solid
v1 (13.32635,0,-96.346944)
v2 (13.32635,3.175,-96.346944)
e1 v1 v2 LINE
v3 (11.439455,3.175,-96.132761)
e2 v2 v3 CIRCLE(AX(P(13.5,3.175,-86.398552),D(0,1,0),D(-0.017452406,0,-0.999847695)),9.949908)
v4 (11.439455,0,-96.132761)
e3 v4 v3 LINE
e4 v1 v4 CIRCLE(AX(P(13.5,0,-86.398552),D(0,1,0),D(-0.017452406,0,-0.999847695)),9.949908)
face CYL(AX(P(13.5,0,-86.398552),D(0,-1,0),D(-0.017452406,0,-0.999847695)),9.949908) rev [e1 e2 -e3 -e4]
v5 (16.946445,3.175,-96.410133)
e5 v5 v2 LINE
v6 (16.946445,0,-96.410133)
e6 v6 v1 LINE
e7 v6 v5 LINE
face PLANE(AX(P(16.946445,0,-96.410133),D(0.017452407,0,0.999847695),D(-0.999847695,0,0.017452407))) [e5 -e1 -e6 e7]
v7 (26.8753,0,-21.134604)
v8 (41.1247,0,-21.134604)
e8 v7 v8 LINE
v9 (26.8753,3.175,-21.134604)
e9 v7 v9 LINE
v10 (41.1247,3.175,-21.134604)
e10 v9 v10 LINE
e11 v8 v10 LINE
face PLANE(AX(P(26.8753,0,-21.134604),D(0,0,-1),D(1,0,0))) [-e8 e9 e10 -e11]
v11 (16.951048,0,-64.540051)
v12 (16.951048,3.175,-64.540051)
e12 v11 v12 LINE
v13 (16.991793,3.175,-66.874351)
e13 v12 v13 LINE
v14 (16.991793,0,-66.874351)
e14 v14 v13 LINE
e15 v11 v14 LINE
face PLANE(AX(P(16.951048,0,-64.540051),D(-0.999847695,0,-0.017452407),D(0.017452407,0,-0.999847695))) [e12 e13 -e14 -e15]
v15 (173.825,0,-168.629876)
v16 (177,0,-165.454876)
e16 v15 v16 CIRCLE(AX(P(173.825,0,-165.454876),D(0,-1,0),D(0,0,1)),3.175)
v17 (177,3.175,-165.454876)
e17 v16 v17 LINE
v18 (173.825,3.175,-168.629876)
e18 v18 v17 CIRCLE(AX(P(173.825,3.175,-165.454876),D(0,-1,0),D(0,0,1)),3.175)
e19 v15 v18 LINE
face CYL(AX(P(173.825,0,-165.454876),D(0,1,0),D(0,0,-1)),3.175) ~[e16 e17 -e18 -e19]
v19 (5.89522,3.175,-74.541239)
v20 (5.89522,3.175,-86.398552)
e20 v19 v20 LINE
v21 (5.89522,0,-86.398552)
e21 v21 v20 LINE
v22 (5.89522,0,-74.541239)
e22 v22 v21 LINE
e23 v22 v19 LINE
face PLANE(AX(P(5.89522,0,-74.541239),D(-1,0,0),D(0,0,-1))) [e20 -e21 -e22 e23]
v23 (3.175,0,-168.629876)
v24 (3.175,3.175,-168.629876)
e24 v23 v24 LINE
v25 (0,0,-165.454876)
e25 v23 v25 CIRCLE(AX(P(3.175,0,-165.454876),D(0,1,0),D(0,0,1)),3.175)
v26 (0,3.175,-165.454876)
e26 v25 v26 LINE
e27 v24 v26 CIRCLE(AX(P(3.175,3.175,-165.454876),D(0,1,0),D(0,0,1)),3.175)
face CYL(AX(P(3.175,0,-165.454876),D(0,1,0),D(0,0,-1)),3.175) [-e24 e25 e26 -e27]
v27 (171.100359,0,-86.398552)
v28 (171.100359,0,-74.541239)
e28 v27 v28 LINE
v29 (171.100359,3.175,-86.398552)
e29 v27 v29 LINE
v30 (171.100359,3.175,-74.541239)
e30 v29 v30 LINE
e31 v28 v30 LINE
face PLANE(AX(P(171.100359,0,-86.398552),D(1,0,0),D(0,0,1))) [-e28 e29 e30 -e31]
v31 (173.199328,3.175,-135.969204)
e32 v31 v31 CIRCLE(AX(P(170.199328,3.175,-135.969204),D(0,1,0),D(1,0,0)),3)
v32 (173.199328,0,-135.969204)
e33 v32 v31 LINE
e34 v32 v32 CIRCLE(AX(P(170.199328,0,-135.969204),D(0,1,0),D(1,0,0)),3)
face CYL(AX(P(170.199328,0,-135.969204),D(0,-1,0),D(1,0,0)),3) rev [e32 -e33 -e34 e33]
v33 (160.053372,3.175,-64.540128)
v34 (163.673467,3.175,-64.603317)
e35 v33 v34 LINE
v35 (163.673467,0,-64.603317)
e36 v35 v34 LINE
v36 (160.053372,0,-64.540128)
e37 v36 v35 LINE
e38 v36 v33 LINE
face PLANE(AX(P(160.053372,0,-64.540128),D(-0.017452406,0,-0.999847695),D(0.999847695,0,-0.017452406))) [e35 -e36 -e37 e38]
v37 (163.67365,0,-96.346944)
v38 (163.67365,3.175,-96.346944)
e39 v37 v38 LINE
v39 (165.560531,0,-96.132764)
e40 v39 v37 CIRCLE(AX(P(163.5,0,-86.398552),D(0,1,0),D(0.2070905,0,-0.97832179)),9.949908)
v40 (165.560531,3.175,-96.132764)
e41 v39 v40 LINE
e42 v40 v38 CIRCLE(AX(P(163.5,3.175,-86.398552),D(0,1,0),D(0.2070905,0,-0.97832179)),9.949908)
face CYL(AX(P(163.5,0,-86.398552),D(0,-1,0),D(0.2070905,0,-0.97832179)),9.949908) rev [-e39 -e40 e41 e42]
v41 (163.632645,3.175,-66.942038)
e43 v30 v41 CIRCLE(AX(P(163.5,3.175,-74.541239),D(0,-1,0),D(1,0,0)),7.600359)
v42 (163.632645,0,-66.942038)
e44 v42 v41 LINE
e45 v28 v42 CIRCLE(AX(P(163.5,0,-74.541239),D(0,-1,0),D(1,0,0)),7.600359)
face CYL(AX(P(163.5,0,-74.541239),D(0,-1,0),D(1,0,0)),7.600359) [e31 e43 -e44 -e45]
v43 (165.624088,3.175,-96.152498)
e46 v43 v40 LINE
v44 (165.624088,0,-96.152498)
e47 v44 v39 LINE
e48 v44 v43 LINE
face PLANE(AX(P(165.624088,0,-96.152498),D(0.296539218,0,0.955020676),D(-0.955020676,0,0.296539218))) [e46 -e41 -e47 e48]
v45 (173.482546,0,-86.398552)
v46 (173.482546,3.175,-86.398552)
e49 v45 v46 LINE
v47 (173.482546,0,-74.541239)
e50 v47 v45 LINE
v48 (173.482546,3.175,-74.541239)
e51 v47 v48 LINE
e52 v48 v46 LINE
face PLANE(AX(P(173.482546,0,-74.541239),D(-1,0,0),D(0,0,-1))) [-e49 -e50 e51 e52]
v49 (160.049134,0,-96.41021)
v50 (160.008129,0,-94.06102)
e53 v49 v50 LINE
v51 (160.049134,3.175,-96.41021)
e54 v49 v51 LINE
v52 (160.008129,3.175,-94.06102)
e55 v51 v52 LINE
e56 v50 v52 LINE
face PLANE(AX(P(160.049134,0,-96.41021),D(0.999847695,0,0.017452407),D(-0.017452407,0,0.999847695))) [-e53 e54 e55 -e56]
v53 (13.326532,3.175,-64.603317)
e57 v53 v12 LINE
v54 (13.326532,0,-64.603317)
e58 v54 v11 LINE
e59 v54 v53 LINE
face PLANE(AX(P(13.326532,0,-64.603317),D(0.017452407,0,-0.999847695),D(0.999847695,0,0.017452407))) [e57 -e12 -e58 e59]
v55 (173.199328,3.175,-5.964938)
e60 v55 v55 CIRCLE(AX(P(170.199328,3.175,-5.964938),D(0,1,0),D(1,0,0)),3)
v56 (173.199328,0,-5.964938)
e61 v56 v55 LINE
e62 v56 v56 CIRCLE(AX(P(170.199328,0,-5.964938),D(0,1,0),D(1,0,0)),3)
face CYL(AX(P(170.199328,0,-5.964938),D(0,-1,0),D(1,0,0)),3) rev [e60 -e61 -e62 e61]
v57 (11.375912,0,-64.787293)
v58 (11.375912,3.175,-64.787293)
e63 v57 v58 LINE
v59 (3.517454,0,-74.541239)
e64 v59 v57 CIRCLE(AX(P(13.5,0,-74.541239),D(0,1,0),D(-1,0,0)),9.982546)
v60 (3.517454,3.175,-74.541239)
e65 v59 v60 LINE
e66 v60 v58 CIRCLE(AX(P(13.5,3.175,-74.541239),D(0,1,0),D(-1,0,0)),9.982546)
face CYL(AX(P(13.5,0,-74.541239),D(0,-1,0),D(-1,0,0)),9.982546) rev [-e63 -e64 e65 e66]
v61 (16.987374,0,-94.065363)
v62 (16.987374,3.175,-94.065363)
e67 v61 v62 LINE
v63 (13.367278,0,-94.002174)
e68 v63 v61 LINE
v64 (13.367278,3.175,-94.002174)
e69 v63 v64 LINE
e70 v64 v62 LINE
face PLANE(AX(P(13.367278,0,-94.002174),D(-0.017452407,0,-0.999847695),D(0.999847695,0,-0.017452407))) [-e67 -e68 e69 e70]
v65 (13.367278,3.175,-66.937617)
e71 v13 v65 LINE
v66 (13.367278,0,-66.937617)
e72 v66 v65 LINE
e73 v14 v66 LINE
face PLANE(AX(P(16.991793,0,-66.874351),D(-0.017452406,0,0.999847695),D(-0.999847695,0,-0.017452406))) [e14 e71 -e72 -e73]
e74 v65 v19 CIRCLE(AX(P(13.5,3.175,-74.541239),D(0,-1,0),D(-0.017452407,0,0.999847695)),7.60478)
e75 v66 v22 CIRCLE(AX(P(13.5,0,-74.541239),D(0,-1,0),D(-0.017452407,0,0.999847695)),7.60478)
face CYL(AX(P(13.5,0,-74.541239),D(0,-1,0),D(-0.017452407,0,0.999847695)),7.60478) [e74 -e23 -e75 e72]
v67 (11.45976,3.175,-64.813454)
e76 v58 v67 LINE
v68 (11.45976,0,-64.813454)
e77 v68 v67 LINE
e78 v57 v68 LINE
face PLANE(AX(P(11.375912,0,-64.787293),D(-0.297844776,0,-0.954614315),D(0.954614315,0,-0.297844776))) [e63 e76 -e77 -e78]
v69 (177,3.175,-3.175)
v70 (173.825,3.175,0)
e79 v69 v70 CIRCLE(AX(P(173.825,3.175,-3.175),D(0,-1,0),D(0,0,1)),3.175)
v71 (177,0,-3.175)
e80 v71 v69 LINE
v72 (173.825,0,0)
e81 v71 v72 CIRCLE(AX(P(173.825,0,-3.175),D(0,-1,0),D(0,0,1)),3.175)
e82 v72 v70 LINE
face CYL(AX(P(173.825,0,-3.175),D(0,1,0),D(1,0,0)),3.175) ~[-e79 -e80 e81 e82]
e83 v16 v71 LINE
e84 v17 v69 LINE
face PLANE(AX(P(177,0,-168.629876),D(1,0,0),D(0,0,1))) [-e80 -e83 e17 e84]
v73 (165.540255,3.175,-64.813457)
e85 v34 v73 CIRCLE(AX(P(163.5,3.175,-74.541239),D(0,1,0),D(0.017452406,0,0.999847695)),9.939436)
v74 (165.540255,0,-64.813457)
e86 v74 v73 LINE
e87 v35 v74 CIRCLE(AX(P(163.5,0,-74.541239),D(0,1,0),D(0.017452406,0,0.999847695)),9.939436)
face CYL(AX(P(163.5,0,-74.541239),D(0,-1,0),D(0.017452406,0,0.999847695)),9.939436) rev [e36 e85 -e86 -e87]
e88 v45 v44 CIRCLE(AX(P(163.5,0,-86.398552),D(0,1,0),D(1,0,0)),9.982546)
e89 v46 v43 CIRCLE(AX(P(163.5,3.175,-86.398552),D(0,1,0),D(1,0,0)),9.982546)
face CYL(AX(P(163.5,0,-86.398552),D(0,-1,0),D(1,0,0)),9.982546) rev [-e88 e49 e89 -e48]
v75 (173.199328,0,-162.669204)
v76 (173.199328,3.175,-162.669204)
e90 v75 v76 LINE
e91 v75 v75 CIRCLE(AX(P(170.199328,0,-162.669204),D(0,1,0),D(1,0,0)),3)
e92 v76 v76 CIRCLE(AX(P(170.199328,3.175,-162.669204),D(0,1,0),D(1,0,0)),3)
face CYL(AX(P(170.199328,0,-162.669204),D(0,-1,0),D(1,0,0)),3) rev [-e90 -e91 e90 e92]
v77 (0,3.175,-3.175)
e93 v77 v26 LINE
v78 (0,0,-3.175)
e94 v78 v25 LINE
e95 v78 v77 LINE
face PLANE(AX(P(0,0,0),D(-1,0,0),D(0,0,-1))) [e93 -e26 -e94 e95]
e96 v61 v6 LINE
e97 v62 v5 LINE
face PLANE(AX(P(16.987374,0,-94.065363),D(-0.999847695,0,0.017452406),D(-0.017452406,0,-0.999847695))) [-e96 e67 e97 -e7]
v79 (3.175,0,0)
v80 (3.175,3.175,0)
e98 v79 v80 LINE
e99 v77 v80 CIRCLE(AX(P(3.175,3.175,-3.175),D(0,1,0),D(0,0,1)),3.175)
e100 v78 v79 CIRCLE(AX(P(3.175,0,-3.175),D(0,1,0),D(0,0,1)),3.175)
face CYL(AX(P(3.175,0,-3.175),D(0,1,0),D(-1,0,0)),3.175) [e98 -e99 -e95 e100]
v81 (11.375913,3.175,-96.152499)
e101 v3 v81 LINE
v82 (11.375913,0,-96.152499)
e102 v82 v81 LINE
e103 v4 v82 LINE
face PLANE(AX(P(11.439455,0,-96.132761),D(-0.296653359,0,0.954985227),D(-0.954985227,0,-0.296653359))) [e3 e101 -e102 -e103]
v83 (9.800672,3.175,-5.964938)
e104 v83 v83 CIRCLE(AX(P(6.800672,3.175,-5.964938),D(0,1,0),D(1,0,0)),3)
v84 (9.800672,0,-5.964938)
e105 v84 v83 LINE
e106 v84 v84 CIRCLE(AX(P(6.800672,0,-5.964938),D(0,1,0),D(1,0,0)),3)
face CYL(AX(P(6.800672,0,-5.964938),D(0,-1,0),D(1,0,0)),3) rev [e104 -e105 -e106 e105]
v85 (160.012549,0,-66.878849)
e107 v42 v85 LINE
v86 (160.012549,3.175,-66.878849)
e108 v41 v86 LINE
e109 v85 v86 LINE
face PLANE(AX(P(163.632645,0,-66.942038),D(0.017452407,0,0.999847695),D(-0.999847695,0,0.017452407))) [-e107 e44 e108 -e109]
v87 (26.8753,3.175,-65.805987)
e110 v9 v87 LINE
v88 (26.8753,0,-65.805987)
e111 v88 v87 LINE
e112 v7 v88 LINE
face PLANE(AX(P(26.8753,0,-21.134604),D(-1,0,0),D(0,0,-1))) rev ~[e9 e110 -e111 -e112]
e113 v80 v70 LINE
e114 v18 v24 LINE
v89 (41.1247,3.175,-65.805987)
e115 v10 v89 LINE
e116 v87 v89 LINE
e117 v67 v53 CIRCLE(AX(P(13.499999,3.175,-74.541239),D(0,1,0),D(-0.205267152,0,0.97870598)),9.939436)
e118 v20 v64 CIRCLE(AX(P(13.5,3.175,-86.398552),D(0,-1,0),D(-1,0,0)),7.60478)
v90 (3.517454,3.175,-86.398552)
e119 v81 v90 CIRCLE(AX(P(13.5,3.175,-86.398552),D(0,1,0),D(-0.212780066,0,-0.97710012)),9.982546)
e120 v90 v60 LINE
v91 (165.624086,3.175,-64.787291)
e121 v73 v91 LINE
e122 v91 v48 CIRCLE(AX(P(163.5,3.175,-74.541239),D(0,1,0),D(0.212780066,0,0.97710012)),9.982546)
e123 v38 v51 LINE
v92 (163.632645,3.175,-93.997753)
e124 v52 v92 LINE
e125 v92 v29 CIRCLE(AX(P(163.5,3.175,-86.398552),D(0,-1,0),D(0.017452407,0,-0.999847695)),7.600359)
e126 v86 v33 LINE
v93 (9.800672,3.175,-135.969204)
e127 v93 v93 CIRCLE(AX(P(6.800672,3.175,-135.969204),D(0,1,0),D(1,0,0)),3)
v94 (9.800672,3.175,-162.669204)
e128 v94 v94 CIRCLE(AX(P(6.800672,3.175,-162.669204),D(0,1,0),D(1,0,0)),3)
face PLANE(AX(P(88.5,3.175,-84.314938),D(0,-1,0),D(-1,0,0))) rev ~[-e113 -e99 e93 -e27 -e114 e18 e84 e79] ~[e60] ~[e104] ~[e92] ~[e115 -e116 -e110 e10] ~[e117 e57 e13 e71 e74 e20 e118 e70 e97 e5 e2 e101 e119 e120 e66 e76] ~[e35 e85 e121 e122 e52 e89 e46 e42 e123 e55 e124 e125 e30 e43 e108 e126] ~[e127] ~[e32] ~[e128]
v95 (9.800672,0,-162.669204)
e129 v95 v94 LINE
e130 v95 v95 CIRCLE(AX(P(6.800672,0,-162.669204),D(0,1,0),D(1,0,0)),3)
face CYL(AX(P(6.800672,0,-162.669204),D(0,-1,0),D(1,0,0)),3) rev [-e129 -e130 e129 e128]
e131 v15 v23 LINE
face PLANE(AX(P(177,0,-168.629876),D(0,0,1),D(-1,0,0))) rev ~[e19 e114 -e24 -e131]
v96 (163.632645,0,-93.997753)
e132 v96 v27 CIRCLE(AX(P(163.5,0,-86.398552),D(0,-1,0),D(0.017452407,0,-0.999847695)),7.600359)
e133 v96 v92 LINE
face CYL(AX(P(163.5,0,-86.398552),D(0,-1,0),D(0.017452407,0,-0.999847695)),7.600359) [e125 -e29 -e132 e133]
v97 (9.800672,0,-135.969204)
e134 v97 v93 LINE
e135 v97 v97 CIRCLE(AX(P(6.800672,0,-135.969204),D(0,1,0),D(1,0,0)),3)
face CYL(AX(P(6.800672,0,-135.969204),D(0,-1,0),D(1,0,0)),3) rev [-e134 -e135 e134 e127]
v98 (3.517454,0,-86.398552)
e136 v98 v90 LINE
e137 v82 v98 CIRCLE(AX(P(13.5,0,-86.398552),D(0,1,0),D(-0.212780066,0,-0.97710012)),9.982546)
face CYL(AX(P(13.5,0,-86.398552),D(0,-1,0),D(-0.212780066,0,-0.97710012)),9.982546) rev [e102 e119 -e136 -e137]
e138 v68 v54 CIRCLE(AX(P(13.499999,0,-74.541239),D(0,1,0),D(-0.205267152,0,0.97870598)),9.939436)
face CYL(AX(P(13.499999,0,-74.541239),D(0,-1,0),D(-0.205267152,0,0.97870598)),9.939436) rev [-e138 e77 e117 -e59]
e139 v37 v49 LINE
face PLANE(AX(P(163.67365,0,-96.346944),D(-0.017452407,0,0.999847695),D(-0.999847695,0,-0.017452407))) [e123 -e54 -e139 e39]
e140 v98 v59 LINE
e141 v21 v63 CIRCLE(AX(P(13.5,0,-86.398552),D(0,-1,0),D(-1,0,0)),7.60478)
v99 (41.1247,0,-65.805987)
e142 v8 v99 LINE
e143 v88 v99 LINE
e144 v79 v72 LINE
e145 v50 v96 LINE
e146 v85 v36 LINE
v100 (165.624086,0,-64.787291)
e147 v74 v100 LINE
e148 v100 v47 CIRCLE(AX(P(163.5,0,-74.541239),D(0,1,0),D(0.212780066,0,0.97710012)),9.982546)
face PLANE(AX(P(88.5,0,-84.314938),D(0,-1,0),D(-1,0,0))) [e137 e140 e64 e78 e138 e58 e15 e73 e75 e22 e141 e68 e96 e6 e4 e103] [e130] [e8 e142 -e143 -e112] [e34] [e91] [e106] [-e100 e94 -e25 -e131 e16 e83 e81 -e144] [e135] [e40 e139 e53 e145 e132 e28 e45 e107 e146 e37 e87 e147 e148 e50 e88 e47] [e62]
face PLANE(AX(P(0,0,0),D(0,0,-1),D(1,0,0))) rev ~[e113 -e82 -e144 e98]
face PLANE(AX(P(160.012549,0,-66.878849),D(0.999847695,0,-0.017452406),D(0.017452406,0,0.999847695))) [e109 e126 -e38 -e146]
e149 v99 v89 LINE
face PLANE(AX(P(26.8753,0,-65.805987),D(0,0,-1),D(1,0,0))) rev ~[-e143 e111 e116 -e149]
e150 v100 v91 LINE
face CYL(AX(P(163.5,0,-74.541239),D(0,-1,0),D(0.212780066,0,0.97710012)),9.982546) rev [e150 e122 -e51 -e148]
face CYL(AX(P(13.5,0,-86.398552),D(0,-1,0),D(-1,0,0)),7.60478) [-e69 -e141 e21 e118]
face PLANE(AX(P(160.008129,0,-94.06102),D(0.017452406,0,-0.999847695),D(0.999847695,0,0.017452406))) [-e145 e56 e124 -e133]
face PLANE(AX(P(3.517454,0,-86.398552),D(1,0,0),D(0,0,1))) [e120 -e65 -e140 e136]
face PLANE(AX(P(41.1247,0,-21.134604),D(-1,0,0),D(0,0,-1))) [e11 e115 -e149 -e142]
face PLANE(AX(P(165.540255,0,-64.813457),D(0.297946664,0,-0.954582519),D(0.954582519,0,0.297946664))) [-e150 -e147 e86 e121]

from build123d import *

# Parameters (mm, degrees)
SKETCH1_R           = 3
SKETCH1_W           = 14.2494
SKETCH1_H           = 44.671382498
BOSS_EXTRUDE1_DEPTH = 3.175
FILLET1_R           = 3.175


with BuildPart() as part:
    # Sketch1 → Boss-Extrude1 (new body)
    with BuildSketch(Plane(origin=(0, 0, 0), x_dir=(1, 0, 0), z_dir=(0, 1, 0))):
        Polygon((16.960672162, 168.629876359), (160.039327838, 168.629876359), (177, 168.629876359), (177, 0), (160.039327838, 0), (16.960672162, 0), (0, 0), (0, 168.629876359), align=None)
        with Locations((6.800672162, 162.669204197)):
            Circle(SKETCH1_R, mode=Mode.SUBTRACT)
        with Locations((6.800672162, 135.969204197)):
            Circle(SKETCH1_R, mode=Mode.SUBTRACT)
        with Locations((170.199327838, 162.669204197)):
            Circle(SKETCH1_R, mode=Mode.SUBTRACT)
        with Locations((170.199327838, 135.969204197)):
            Circle(SKETCH1_R, mode=Mode.SUBTRACT)
        with Locations((6.800672162, 5.96493818)):
            Circle(SKETCH1_R, mode=Mode.SUBTRACT)
        with Locations((170.199327838, 5.96493818)):
            Circle(SKETCH1_R, mode=Mode.SUBTRACT)
        with Locations((34, 43.470295491)):
            Rectangle(SKETCH1_W, SKETCH1_H, mode=Mode.SUBTRACT)
        with BuildLine():
            Line((16.951048024, 64.540050733), (16.991793389, 66.874351095))
            Line((16.991793389, 66.874351095), (13.367278288, 66.937617241))
            ThreePointArc((13.367278288, 66.937617241), (8.075887225, 69.210978252), (5.895219965, 74.541239031))
            Line((5.895219965, 74.541239031), (5.895219965, 86.398551951))
            ThreePointArc((5.895219965, 86.398551951), (8.075887225, 91.72881273), (13.367278288, 94.00217374))
            Line((13.367278288, 94.00217374), (16.987373531, 94.065362738))
            Line((16.987373531, 94.065362738), (16.946445409, 96.410133308))
            Line((16.946445409, 96.410133308), (13.326350165, 96.34694431))
            ThreePointArc((13.326350165, 96.34694431), (12.377781101, 96.284971401), (11.439455037, 96.132760663))
            Line((11.439455037, 96.132760663), (11.375913148, 96.152499099))
            ThreePointArc((11.375913148, 96.152499099), (5.72648647, 92.661436057), (3.517453736, 86.398551951))
            Line((3.517453736, 86.398551951), (3.517453736, 74.541239031))
            ThreePointArc((3.517453736, 74.541239031), (5.726486031, 68.278355625), (11.375911736, 64.787292544))
            Line((11.375911736, 64.787292544), (11.459759836, 64.8134536))
            ThreePointArc((11.459759836, 64.8134536), (12.38817048, 64.664183621), (13.326532399, 64.603316889))
            Line((13.326532399, 64.603316889), (16.951048024, 64.540050733))
        make_face(mode=Mode.SUBTRACT)
        with BuildLine():
            Line((160.012549311, 66.878848625), (160.053371832, 64.540127941))
            Line((160.053371832, 64.540127941), (163.673466588, 64.60331693))
            ThreePointArc((163.673466588, 64.60331693), (164.611836733, 64.664184588), (165.540255354, 64.81345704))
            Line((165.540255354, 64.81345704), (165.624086371, 64.787291495))
            ThreePointArc((165.624086371, 64.787291495), (171.273513049, 68.278354537), (173.482545784, 74.541238643))
            Line((173.482545784, 74.541238643), (173.482545784, 86.398551563))
            ThreePointArc((173.482545784, 86.398551563), (171.273513446, 92.661435036), (165.624087648, 96.152498114))
            Line((165.624087648, 96.152498114), (165.560531376, 96.132763539))
            ThreePointArc((165.560531376, 96.132763539), (164.622211999, 96.284972184), (163.673649835, 96.34694431))
            Line((163.673649835, 96.34694431), (160.04913421, 96.410210466))
            Line((160.04913421, 96.410210466), (160.008128929, 94.061019514))
            Line((160.008128929, 94.061019514), (163.632644554, 93.997753359))
            ThreePointArc((163.632644554, 93.997753359), (168.920959456, 91.725713971), (171.10035898, 86.398551951))
            Line((171.10035898, 86.398551951), (171.10035898, 74.541239031))
            ThreePointArc((171.10035898, 74.541239031), (168.920959456, 69.21407701), (163.632644554, 66.942037623))
            Line((163.632644554, 66.942037623), (160.012549311, 66.878848625))
        make_face(mode=Mode.SUBTRACT)
    extrude(amount=BOSS_EXTRUDE1_DEPTH)

    # Fillet1
    fillet1_edges = [part.edges().sort_by_distance(p)[0] for p in [
        (0, 1.5875, 0),
        (0, 1.5875, -168.629876359),
        (177, 1.5875, -168.629876359),
        (177, 1.5875, 0),
    ]]
    fillet(fillet1_edges, radius=FILLET1_R)


solid = part.part
